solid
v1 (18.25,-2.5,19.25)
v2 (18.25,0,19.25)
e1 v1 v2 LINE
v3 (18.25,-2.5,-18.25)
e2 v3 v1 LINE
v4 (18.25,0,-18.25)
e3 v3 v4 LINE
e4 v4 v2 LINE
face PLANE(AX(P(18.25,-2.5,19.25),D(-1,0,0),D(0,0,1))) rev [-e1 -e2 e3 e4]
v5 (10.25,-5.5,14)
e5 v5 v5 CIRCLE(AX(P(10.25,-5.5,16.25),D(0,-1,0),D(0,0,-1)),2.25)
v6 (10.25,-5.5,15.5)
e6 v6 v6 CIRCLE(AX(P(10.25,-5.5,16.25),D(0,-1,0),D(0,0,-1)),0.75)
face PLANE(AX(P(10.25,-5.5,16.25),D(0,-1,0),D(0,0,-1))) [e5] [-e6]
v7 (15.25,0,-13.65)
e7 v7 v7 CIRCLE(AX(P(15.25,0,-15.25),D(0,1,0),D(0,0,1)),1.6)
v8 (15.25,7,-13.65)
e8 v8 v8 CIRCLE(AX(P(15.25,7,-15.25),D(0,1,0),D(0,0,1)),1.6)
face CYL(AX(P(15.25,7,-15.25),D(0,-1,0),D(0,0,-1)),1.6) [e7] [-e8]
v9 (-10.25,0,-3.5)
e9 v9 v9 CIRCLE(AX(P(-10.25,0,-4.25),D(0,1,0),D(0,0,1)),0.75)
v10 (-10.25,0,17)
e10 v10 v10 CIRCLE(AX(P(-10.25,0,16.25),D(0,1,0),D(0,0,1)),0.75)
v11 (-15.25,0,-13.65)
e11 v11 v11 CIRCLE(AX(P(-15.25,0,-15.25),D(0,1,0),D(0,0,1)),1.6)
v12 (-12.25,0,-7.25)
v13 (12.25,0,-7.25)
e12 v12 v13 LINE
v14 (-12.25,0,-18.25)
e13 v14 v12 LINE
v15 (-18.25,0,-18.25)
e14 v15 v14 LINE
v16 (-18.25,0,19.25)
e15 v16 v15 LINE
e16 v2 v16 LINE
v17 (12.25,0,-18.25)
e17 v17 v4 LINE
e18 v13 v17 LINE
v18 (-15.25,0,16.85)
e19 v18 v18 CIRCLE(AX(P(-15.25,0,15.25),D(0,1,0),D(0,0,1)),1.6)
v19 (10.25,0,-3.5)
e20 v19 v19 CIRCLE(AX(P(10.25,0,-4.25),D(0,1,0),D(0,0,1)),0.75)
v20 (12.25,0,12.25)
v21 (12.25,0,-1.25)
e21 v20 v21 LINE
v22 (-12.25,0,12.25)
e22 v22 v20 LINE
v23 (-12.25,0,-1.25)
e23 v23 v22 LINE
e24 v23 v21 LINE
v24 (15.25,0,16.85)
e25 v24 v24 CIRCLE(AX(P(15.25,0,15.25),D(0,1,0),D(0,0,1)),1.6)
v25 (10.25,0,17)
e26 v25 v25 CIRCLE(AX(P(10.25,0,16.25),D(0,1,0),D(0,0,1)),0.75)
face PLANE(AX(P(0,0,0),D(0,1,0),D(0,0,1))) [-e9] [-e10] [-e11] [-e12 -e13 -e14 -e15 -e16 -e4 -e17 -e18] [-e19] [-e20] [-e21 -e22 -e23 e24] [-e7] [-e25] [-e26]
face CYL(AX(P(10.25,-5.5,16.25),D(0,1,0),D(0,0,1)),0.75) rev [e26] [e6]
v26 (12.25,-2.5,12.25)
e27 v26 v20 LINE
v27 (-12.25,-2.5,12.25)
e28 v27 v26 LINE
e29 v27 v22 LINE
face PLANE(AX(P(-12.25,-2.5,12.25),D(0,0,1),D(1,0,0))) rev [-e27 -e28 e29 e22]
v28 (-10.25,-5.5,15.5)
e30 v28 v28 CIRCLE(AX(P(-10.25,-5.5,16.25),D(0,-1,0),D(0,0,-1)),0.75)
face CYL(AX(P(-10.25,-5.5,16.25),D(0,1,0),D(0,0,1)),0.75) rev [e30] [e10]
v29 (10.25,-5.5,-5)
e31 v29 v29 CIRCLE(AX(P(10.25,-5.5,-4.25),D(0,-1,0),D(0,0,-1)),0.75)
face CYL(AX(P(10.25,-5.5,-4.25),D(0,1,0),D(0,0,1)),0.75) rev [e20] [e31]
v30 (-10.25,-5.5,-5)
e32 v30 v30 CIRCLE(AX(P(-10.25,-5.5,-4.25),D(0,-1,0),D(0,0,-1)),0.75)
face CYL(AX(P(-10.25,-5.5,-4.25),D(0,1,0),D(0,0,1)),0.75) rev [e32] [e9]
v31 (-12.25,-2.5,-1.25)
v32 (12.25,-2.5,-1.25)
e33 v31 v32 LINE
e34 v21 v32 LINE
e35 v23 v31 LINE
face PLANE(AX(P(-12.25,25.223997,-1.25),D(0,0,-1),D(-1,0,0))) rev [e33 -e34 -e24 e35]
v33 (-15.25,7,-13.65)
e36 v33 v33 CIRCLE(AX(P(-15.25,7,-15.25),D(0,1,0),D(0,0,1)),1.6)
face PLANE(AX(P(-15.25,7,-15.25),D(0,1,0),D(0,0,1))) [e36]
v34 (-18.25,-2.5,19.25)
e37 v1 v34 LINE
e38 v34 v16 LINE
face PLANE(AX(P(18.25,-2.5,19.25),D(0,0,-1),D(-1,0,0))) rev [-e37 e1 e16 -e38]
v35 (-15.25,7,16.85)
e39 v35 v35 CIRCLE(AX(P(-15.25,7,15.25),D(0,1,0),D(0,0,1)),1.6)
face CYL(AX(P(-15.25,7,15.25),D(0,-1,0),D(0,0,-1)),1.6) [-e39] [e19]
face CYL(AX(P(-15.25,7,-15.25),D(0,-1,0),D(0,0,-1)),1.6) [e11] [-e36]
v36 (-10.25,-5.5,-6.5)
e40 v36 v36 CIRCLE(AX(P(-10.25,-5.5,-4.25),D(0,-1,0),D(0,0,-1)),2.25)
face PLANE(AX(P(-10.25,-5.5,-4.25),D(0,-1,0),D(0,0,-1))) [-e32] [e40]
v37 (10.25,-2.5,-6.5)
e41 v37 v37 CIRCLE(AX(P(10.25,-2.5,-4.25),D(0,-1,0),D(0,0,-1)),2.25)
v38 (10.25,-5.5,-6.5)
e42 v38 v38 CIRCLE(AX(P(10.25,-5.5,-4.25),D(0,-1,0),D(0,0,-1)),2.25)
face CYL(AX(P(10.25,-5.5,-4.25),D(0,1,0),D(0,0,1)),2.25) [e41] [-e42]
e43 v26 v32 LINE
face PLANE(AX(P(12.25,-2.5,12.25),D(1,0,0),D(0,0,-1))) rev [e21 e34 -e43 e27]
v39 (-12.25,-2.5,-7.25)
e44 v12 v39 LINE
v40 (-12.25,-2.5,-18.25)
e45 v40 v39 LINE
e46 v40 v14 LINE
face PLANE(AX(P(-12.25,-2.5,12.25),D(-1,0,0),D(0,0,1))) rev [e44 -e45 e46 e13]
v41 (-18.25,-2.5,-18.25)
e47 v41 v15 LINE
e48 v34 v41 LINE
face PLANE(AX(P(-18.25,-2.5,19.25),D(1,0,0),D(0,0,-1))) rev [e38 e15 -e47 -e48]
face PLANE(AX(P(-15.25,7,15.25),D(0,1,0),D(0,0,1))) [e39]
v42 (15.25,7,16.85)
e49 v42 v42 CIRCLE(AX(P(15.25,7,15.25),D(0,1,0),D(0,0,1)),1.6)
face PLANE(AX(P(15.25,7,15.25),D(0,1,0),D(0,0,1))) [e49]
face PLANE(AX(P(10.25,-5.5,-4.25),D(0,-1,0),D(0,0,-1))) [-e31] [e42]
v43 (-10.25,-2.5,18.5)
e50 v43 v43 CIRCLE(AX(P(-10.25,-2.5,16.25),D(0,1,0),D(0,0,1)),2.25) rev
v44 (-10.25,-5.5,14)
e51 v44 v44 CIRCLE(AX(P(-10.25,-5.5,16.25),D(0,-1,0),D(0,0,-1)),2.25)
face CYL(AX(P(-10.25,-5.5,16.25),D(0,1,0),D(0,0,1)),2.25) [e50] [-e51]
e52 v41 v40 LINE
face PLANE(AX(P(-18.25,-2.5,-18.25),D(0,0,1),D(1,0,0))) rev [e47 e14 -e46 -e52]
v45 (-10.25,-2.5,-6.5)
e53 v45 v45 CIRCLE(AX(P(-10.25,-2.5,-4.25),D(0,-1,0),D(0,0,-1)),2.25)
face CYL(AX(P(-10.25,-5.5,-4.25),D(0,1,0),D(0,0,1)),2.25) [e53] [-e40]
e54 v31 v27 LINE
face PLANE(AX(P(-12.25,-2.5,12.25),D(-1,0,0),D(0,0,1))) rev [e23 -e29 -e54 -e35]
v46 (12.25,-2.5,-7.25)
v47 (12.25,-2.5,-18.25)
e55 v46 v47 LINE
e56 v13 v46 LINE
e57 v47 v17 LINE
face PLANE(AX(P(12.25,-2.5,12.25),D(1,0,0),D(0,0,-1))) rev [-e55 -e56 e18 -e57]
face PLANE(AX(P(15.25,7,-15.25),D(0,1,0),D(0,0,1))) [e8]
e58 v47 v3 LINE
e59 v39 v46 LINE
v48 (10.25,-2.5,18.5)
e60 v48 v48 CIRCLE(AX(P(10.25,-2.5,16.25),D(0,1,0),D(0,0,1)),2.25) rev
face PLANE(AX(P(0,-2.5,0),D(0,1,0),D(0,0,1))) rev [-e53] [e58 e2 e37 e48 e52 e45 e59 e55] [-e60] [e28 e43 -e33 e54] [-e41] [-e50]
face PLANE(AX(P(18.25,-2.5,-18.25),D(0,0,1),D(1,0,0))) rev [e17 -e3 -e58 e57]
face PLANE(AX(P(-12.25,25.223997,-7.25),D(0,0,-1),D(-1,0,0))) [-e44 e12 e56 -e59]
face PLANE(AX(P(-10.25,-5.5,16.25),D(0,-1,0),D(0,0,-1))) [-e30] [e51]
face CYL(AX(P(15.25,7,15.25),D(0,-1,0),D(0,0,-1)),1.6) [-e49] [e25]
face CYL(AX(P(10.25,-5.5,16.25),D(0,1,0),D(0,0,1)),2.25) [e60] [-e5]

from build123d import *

# Parameters (mm, degrees)
SKETCH1_R             = 1.6
BOSS_EXTRUDE1_DEPTH   = 7
BOSS_EXTRUDE1_2_DEPTH = 7
BOSS_EXTRUDE1_3_DEPTH = 7
BOSS_EXTRUDE1_4_DEPTH = 7
BOSS_EXTRUDE2_DEPTH   = 2.5
SKETCH3_R             = 2.25
SKETCH3_R_2           = 0.75
BOSS_EXTRUDE3_DEPTH   = 3
SKETCH4_W             = 24.5
SKETCH4_H             = 6
BOSS_EXTRUDE4_DEPTH   = 2.5
CUT_EXTRUDE1_START    = -10
SKETCH5_R             = 0.75
CUT_EXTRUDE1_DEPTH    = 10


with BuildPart() as part:
    # Sketch1 → Boss-Extrude1 (new body)
    with BuildSketch(Plane(origin=(0, 0, 0), x_dir=(1, 0, 0), z_dir=(0, 1, 0))):
        with Locations(Location((-15.25, -15.25, 0), (0, 0, 270))):
            Circle(SKETCH1_R)
    extrude(amount=BOSS_EXTRUDE1_DEPTH)



with BuildPart() as body_2:
    # Sketch1 → Boss-Extrude1 2 (new body)
    with BuildSketch(Plane(origin=(0, 0, 0), x_dir=(1, 0, 0), z_dir=(0, 1, 0))):
        with Locations(Location((-15.25, 15.25, 0), (0, 0, 270))):
            Circle(SKETCH1_R)
    extrude(amount=BOSS_EXTRUDE1_2_DEPTH)


with BuildPart() as body_3:
    # Sketch1 → Boss-Extrude1 3 (new body)
    with BuildSketch(Plane(origin=(0, 0, 0), x_dir=(1, 0, 0), z_dir=(0, 1, 0))):
        with Locations(Location((15.25, 15.25, 0), (0, 0, 270))):
            Circle(SKETCH1_R)
    extrude(amount=BOSS_EXTRUDE1_3_DEPTH)


with BuildPart() as body_4:
    # Sketch1 → Boss-Extrude1 4 (new body)
    with BuildSketch(Plane(origin=(0, 0, 0), x_dir=(1, 0, 0), z_dir=(0, 1, 0))):
        with Locations(Location((15.25, -15.25, 0), (0, 0, 270))):
            Circle(SKETCH1_R)
    extrude(amount=BOSS_EXTRUDE1_4_DEPTH)


with BuildPart() as part_1:
    add(part.part)

    add(body_2.part)  # Boss-Extrude2 merges body 2

    add(body_3.part)  # Boss-Extrude2 merges body 3

    add(body_4.part)  # Boss-Extrude2 merges body 4
    # Sketch2 → Boss-Extrude2 (add)
    with BuildSketch(Plane.XZ):
        Polygon((-12.25, 12.25), (12.25, 12.25), (12.25, -18.25), (18.25, -18.25), (18.25, 19.25), (-18.25, 19.25), (-18.25, -18.25), (-12.25, -18.25), align=None)
    extrude(amount=BOSS_EXTRUDE2_DEPTH)

    # Sketch3 → Boss-Extrude3 (add)
    # profile 1 of 4: a face of its own
    with BuildSketch(Plane.XZ.offset(2.5)):
        with Locations(Location((-10.25, 16.25, 0), (0, 0, 90))):
            Circle(SKETCH3_R)
        with Locations(Location((-10.25, 16.25, 0), (0, 0, 270))):
            Circle(SKETCH3_R_2, mode=Mode.SUBTRACT)
    # profile 2 of 4: a face of its own
    with BuildSketch(Plane.XZ.offset(2.5)):
        with Locations(Location((10.25, 16.25, 0), (0, 0, 90))):
            Circle(SKETCH3_R)
        with Locations(Location((10.25, 16.25, 0), (0, 0, 270))):
            Circle(SKETCH3_R_2, mode=Mode.SUBTRACT)
    # profile 3 of 4: a face of its own
    with BuildSketch(Plane.XZ.offset(2.5)):
        with Locations(Location((10.25, -4.25, 0), (0, 0, 27.266044451))):
            Circle(SKETCH3_R)
        with Locations(Location((10.25, -4.25, 0), (0, 0, 270))):
            Circle(SKETCH3_R_2, mode=Mode.SUBTRACT)
    # profile 4 of 4: a face of its own
    with BuildSketch(Plane.XZ.offset(2.5)):
        with Locations(Location((-10.25, -4.25, 0), (0, 0, 152.733955549))):
            Circle(SKETCH3_R)
        with Locations(Location((-10.25, -4.25, 0), (0, 0, 270))):
            Circle(SKETCH3_R_2, mode=Mode.SUBTRACT)
    extrude(amount=BOSS_EXTRUDE3_DEPTH)

    # Sketch4 → Boss-Extrude4 (add)
    with BuildSketch(Plane(origin=(0, -2.5, 0), x_dir=(1, 0, 0), z_dir=(0, 1, 0))):
        with Locations((0, 4.25)):
            Rectangle(SKETCH4_W, SKETCH4_H)
    extrude(amount=BOSS_EXTRUDE4_DEPTH)

    # Sketch5 → Cut-Extrude1 (cut)
    with BuildSketch(Plane.XZ.offset(2.5).offset(CUT_EXTRUDE1_START)):
        with Locations(Location((-10.25, 16.25, 0), (0, 0, 90))):
            Circle(SKETCH5_R)
        with Locations(Location((10.25, 16.25, 0), (0, 0, 90))):
            Circle(SKETCH5_R)
        with Locations(Location((10.25, -4.25, 0), (0, 0, 90))):
            Circle(SKETCH5_R)
        with Locations(Location((-10.25, -4.25, 0), (0, 0, 90))):
            Circle(SKETCH5_R)
    extrude(amount=CUT_EXTRUDE1_DEPTH, mode=Mode.SUBTRACT)


solid = part_1.part
